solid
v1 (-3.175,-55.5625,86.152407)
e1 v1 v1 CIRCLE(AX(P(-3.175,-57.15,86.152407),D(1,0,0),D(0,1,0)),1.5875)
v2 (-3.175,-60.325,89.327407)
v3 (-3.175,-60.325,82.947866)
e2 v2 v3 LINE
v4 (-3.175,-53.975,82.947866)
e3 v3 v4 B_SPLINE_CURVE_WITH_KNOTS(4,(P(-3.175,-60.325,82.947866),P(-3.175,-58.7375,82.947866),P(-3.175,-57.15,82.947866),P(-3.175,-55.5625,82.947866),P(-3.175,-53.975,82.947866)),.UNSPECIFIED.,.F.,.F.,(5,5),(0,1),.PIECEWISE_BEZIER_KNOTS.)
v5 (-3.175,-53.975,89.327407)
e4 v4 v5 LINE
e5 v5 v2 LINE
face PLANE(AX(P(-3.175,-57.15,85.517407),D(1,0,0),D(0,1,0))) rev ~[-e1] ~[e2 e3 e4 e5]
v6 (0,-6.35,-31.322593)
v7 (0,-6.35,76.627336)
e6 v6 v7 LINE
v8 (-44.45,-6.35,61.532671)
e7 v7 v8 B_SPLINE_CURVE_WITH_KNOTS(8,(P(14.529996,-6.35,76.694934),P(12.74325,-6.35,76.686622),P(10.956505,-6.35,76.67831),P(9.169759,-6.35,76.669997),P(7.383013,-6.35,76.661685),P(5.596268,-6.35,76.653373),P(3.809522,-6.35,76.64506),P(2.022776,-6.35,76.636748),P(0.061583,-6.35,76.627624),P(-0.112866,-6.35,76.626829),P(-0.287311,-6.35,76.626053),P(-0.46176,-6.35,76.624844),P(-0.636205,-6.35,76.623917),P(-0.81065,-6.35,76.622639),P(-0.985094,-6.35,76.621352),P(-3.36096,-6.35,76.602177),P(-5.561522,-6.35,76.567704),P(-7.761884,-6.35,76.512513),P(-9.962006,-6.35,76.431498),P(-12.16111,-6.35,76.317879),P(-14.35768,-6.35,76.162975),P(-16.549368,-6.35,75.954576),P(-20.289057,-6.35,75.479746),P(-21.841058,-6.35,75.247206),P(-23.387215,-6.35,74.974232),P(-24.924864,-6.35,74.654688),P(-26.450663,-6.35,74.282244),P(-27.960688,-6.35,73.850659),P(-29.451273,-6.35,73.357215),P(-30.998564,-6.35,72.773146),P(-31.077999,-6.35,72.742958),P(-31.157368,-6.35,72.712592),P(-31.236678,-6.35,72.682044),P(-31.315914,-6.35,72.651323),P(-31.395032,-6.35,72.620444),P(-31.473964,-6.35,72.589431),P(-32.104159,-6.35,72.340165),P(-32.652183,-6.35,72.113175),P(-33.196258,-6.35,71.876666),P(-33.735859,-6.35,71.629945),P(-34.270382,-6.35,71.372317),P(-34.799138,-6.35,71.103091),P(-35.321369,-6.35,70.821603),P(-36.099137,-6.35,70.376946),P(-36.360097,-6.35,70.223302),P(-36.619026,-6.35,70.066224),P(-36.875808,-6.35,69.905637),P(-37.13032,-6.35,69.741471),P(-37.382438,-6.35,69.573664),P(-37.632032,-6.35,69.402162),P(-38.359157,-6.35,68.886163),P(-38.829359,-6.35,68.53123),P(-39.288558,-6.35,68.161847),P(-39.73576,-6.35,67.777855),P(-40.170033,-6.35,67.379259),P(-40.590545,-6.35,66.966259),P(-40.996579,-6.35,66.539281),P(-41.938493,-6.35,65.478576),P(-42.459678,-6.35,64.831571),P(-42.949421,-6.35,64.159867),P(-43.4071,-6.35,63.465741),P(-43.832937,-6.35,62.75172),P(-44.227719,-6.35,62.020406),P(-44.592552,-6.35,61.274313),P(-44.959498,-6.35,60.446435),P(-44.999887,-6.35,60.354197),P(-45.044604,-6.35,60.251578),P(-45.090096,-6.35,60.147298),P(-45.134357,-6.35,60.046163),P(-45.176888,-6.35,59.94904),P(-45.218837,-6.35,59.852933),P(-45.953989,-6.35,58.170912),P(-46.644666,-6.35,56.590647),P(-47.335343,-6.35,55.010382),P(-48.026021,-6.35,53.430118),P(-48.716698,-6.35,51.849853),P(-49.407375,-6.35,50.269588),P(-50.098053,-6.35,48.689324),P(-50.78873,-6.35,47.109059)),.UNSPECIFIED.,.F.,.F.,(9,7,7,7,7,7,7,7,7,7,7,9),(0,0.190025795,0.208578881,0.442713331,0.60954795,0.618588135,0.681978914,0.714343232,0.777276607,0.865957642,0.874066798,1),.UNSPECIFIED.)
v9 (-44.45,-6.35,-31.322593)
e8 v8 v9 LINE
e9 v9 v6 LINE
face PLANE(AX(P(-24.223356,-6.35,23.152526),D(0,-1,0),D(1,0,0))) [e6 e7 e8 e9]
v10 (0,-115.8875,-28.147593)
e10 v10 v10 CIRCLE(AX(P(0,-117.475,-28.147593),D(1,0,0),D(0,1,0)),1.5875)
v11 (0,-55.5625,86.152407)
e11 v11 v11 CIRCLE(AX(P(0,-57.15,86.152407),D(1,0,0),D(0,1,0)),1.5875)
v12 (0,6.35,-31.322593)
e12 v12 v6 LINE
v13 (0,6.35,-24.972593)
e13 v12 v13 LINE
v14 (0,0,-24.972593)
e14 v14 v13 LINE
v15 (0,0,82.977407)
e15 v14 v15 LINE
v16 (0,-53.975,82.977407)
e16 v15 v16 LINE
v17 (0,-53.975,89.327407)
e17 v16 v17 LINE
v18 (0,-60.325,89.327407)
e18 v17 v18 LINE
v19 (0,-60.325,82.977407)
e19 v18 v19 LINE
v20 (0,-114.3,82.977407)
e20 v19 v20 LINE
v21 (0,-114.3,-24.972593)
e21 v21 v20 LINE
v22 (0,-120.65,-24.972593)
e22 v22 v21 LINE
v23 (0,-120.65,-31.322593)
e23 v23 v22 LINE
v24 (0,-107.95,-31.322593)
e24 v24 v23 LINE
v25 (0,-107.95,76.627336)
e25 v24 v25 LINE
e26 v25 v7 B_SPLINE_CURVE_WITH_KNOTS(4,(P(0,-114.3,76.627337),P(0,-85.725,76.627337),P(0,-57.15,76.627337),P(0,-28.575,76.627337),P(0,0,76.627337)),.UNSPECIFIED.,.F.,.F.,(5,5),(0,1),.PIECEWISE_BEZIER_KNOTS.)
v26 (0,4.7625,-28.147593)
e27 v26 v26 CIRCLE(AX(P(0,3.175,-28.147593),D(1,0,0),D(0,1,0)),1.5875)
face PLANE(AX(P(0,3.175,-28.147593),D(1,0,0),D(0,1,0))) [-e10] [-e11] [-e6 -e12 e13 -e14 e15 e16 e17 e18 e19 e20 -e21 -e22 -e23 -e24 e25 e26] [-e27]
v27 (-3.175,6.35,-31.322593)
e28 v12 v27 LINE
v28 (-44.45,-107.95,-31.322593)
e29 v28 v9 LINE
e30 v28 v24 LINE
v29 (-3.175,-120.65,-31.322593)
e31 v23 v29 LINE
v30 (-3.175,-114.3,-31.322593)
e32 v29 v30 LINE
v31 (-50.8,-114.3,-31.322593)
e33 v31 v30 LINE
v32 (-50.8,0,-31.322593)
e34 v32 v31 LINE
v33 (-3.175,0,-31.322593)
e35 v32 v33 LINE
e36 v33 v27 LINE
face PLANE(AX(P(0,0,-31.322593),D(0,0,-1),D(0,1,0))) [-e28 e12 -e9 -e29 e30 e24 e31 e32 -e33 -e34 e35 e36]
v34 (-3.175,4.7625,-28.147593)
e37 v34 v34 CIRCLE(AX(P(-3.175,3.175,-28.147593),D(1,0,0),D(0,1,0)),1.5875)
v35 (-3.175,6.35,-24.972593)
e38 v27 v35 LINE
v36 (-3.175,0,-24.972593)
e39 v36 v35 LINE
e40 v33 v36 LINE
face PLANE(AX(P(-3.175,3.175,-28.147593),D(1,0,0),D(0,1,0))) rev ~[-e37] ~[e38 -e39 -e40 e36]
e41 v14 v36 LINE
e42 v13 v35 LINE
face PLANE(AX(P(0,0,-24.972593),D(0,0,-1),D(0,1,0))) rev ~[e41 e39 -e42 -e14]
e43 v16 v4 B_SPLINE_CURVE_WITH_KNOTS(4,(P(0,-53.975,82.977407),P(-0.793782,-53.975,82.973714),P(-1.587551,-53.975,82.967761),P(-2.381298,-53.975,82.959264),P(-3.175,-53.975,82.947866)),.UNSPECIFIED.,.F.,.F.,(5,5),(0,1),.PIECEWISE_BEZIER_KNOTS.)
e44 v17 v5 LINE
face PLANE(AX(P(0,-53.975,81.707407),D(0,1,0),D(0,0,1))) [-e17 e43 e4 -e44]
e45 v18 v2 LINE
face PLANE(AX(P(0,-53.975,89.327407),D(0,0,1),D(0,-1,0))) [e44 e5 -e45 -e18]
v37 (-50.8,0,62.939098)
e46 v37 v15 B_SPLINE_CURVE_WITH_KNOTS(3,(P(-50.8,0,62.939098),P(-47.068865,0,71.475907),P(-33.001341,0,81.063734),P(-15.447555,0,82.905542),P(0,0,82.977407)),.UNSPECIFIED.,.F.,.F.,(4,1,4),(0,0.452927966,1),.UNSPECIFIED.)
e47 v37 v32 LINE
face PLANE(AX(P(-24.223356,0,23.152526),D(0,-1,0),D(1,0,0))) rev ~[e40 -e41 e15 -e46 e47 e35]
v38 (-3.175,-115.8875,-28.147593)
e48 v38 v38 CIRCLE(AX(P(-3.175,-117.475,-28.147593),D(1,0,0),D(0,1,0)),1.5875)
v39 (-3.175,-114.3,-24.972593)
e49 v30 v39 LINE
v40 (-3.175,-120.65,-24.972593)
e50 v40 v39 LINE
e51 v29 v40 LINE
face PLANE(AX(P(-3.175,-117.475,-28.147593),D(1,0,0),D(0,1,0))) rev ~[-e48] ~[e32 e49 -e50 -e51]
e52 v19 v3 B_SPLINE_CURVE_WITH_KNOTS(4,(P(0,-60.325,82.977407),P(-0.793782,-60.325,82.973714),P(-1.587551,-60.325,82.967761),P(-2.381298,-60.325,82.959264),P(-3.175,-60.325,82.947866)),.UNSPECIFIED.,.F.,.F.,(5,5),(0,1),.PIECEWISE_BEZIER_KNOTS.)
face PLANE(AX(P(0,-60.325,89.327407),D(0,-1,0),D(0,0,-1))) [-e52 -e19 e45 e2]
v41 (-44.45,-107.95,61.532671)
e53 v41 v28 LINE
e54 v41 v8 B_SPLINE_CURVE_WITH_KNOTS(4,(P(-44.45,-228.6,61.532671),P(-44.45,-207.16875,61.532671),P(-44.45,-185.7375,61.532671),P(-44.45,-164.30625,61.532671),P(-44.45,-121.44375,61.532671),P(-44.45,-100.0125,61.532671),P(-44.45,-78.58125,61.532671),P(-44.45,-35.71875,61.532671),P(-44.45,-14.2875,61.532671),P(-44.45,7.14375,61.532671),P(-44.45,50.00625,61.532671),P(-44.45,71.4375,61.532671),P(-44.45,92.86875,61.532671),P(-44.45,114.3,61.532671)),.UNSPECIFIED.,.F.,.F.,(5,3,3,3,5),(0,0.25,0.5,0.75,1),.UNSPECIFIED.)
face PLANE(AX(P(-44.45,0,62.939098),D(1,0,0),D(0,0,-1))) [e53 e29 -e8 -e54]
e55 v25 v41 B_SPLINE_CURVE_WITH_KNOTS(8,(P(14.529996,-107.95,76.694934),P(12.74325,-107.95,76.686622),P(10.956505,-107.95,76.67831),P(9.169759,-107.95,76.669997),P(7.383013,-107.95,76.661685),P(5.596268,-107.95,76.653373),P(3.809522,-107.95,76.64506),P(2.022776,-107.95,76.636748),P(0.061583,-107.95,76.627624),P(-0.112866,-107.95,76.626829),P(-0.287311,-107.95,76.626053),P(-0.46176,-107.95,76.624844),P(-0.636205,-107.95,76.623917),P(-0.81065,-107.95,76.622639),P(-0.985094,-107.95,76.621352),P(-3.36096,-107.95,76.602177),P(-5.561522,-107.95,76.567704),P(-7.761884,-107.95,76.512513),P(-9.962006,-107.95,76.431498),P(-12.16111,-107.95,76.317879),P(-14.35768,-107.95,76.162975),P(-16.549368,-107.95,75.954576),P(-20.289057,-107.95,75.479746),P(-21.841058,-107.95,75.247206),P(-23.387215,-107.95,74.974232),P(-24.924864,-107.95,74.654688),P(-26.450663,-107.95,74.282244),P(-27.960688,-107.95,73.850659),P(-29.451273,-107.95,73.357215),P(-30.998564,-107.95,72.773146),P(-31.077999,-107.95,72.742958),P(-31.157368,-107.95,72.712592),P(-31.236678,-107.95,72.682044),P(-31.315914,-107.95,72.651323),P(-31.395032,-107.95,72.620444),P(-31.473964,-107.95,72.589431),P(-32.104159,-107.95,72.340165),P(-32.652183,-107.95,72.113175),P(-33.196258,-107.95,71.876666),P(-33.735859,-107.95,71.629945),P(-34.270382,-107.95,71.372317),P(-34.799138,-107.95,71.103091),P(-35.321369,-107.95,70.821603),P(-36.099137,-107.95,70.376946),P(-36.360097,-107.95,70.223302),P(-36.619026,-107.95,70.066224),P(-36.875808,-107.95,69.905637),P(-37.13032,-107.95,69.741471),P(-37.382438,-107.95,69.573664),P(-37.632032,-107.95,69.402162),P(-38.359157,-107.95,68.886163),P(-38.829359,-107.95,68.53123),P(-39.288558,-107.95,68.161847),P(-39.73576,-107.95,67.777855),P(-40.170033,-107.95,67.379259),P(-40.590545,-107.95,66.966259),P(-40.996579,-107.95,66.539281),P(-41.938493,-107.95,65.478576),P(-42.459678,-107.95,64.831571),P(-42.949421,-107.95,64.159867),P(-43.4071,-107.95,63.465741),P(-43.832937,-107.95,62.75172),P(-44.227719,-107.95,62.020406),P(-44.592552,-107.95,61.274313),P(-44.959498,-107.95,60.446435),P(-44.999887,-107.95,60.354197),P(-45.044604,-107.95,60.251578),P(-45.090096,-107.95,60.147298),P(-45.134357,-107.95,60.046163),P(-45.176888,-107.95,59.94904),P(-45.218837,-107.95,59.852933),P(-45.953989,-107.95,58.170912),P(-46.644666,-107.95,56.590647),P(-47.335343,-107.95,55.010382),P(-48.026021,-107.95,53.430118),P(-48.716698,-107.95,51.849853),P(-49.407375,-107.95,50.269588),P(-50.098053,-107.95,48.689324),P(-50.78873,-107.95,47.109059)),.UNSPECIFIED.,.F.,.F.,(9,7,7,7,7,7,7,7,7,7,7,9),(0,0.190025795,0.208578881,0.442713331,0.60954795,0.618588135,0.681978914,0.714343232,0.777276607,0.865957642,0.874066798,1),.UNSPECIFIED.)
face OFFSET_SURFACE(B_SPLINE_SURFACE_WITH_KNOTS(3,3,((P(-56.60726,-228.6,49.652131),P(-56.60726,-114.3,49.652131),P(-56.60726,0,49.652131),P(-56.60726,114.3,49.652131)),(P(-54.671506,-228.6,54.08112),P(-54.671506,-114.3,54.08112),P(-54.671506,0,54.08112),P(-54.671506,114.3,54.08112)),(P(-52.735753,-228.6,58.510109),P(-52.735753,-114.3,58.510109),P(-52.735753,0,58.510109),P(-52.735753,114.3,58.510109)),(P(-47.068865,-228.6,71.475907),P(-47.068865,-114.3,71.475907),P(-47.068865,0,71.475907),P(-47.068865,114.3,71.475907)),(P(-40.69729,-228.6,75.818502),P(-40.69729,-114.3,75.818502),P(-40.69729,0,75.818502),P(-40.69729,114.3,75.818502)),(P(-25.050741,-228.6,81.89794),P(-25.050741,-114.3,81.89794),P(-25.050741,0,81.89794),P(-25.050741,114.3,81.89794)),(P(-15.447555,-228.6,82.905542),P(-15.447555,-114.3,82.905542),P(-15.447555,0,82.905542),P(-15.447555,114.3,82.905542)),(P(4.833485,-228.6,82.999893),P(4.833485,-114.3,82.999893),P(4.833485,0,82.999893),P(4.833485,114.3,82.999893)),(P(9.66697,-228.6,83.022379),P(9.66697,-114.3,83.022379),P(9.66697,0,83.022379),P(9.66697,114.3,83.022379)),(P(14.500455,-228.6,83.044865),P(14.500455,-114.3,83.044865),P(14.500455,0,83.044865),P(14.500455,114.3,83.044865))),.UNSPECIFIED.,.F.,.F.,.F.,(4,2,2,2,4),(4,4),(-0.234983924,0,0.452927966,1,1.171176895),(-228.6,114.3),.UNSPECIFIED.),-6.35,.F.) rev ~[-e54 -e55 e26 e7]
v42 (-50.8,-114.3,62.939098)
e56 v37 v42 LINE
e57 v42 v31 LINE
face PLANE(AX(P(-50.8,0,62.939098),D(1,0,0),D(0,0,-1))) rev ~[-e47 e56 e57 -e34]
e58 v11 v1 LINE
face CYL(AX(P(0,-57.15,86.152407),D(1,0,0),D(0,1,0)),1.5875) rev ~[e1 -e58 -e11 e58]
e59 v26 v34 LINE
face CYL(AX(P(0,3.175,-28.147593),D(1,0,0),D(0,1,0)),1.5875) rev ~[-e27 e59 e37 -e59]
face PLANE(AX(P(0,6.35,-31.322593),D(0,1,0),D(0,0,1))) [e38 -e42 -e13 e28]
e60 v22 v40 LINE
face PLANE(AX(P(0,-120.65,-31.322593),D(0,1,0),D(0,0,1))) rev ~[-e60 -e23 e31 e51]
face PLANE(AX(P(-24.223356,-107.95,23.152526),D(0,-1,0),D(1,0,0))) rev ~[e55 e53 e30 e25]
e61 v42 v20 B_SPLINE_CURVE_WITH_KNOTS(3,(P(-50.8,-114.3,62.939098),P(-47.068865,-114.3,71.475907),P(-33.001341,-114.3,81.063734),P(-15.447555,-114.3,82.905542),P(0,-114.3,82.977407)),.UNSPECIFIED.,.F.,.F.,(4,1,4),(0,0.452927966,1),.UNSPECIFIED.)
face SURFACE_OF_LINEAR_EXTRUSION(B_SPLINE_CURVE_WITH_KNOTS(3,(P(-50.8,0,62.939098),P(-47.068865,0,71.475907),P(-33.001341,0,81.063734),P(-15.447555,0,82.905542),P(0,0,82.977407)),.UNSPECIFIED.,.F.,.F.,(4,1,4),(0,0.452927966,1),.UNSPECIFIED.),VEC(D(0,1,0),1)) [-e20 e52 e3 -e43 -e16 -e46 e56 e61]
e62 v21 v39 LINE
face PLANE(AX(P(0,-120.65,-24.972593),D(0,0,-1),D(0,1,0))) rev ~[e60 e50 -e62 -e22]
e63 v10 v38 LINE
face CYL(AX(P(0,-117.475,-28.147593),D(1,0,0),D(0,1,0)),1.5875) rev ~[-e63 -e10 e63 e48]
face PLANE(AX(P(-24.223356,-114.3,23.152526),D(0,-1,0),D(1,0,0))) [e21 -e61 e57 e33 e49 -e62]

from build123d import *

# Parameters (mm, degrees)
F1_DEPTH = 114.3
F2_T     = -6.35
F3_W     = 6.35
F3_H     = 6.35
F3_R     = 1.5875
F4_DEPTH = 3.175


with BuildPart() as f1:
    # F0 (on Front) → F1 (new body)
    with BuildSketch(Plane.XZ):
        with BuildLine():
            Line((0, -31.3225934026), (0, 82.9774065974))
            add(Edge.make_bspline(
                [(-50.8, 62.9390975716), (-47.0688648848, 71.4759068336), (-33.0013413264, 81.0637344093), (-15.4475548971, 82.9055417219), (0, 82.9774065974)],
                knots=[0, 0, 0, 0, 0.4529279664, 1, 1, 1, 1], degree=3))
            Line((-50.8, 62.9390975716), (-50.8, -31.3225934026))
            Line((-50.8, -31.3225934026), (0, -31.3225934026))
        make_face()
    extrude(amount=F1_DEPTH)

    # F2
    f2_openings = [f1.faces().sort_by_distance(p)[0] for p in [
        (0, -57.15, 25.827407),
        (-25.4, -57.15, -31.322593),
    ]]
    offset(amount=F2_T, openings=f2_openings, kind=Kind.INTERSECTION)

    # F3 (on Right) → F4 (join)
    with BuildSketch(Plane.YZ):
        with Locations((3.175, -28.1475934026)):
            Rectangle(F3_W, F3_H)
        with Locations((3.175, -28.1475934026)):
            Circle(F3_R, mode=Mode.SUBTRACT)
        with Locations((-117.475, -28.1475934026)):
            Rectangle(F3_W, F3_H)
        with Locations((-117.475, -28.1475934026)):
            Circle(F3_R, mode=Mode.SUBTRACT)
        Polygon((-53.975, 89.3274065974), (-60.325, 89.3274065974), (-60.325, 82.9774065974), (-60.325, 81.7074065974), (-53.975, 81.7074065974), (-53.975, 82.9774065974), align=None)
        with Locations((-57.15, 86.1524065974)):
            Circle(F3_R, mode=Mode.SUBTRACT)
    extrude(amount=-F4_DEPTH)


solid = f1.part
